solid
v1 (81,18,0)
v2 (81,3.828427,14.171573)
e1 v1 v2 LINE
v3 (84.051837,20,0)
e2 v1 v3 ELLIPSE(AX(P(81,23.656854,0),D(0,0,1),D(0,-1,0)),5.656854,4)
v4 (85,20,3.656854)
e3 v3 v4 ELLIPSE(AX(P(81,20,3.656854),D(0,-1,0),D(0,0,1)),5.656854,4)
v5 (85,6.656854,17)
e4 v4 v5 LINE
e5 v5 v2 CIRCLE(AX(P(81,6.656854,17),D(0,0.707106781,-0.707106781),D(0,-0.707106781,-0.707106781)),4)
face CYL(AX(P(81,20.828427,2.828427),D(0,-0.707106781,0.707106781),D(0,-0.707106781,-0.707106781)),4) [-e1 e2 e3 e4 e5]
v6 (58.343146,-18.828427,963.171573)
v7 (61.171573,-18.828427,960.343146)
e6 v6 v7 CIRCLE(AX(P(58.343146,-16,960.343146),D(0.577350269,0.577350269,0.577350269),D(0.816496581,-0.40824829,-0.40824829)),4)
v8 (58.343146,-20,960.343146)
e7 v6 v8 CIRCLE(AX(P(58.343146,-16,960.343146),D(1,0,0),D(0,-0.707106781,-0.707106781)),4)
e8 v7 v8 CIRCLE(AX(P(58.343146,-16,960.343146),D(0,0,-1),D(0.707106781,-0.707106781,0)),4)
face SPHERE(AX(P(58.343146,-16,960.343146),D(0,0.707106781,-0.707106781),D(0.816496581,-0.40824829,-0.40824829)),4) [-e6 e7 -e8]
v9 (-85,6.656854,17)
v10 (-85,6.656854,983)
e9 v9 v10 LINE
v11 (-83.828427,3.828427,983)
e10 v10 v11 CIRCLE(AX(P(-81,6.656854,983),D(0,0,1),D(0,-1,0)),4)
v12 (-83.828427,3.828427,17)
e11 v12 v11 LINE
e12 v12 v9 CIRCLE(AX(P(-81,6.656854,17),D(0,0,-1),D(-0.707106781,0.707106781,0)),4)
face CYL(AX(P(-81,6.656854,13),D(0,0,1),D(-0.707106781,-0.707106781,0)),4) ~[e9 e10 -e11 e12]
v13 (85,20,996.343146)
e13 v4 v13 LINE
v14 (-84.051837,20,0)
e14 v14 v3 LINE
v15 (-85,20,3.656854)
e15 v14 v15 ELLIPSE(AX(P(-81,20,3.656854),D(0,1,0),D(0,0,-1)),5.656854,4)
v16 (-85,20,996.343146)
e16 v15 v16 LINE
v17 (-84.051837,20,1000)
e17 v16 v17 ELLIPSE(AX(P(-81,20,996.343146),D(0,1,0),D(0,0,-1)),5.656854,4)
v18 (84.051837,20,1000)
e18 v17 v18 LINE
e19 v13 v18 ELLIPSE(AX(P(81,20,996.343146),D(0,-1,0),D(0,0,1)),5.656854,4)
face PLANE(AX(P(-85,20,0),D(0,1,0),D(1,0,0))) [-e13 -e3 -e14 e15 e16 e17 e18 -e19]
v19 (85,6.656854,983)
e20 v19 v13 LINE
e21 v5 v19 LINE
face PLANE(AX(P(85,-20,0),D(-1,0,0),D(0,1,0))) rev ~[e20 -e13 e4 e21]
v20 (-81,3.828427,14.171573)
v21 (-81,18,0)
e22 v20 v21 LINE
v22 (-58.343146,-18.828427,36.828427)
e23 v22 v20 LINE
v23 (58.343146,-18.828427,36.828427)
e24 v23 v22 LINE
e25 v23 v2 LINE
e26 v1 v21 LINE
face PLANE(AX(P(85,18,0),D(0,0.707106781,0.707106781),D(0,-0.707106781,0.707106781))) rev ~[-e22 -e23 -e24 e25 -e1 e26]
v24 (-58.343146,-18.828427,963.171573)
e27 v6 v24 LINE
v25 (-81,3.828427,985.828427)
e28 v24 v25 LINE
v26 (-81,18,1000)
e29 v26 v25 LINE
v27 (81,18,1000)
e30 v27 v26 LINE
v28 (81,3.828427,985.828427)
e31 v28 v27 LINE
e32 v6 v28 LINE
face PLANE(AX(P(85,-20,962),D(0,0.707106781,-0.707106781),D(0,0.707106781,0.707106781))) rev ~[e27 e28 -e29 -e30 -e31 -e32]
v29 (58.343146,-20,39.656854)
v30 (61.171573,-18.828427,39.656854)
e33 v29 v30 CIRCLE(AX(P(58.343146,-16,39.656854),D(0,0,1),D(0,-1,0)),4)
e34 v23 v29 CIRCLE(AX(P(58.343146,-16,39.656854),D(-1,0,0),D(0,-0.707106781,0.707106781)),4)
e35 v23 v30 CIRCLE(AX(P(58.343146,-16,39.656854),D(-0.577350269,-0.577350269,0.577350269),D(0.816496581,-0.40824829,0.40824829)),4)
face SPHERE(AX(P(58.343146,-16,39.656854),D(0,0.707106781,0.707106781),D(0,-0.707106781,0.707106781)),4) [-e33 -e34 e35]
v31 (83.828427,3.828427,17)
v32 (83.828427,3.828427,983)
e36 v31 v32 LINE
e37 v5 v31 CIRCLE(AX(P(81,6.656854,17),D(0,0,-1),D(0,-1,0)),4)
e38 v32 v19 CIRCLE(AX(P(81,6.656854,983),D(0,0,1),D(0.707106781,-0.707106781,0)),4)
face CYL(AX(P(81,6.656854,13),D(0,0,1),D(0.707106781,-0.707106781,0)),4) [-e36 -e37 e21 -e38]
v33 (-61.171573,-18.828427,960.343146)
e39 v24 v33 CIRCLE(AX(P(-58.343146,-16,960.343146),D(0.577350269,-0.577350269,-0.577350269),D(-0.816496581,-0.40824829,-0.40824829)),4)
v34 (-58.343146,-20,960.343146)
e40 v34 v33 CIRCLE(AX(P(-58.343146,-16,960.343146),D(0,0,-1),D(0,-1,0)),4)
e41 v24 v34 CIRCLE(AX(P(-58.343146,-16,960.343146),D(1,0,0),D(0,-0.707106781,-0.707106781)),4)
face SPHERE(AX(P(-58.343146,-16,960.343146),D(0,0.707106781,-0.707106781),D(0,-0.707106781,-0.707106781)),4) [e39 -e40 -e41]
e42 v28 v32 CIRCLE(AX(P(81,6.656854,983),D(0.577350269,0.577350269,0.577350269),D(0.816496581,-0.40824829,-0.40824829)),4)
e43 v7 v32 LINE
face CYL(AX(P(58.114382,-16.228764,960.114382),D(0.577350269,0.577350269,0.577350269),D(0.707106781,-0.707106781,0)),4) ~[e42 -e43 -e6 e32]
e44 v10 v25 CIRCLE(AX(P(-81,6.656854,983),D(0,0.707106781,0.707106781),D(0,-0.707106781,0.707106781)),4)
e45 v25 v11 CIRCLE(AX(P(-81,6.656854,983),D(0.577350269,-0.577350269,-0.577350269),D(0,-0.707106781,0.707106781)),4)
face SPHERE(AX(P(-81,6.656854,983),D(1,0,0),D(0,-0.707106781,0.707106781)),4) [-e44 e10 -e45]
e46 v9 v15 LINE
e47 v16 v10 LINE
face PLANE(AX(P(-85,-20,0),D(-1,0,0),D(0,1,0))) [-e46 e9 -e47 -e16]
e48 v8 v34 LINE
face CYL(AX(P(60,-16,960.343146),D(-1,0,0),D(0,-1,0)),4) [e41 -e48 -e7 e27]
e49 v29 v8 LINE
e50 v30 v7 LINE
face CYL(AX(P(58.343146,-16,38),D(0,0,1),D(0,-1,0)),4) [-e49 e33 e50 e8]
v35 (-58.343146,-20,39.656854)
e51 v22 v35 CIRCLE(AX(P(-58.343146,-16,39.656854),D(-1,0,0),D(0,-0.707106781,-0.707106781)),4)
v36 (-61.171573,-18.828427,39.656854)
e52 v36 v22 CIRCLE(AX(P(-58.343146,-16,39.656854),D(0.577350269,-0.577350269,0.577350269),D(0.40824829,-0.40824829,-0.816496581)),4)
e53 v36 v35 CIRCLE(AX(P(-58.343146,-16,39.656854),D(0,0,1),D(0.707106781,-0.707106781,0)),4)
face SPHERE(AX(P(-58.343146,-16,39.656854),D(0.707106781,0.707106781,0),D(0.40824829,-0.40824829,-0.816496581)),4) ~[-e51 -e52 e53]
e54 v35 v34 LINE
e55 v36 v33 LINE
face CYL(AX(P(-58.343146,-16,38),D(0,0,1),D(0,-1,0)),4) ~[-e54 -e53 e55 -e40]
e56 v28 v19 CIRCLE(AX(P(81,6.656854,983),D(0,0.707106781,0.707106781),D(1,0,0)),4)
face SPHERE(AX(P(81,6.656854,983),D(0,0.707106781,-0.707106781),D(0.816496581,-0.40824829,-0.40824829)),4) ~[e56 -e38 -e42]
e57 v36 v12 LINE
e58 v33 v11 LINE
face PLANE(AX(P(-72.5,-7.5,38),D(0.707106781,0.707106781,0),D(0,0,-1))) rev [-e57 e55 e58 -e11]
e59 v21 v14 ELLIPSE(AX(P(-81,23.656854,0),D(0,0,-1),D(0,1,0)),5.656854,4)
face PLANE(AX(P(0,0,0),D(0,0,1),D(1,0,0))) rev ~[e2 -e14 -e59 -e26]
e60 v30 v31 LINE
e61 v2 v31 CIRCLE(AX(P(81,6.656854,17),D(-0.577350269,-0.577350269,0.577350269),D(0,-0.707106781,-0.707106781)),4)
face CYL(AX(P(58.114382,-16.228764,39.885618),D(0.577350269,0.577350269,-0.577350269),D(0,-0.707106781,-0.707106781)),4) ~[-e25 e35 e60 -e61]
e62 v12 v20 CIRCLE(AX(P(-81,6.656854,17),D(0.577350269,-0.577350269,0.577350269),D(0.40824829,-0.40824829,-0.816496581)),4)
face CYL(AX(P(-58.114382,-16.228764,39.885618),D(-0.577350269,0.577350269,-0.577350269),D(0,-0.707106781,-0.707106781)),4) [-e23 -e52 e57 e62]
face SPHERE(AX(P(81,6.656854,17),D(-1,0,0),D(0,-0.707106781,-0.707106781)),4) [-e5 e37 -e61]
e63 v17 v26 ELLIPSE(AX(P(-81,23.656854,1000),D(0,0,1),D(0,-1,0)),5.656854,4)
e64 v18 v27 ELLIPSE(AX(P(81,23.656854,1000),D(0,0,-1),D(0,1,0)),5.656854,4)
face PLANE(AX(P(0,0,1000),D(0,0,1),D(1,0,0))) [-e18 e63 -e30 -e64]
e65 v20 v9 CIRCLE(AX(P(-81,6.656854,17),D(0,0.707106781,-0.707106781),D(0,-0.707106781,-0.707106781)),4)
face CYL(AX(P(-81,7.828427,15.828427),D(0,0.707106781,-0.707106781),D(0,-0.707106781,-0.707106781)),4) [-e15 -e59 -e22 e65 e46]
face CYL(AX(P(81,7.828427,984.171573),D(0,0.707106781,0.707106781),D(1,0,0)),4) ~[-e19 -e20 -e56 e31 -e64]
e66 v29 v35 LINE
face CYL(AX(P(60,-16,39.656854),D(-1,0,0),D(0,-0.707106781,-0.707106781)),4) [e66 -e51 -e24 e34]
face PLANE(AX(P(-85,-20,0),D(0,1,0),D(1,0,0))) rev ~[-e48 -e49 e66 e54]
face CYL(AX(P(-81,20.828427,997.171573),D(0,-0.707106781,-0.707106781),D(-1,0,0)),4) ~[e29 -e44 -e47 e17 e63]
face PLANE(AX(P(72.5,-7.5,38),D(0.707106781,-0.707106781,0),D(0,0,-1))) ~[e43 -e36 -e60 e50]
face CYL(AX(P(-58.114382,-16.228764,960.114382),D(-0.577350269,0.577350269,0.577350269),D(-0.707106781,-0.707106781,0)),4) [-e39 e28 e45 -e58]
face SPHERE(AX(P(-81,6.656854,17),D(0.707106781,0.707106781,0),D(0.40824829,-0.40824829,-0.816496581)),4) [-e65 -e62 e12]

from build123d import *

# Parameters (mm, degrees)
F0_W     = 170
F0_H     = 40
F1_DEPTH = 1000
F3_DEPTH = 170.001
F4_SIZE2 = 25
F4_SIZE  = 25
F5_SIZE2 = 25
F5_SIZE  = 25
F6_R     = 4


with BuildPart() as f1:
    # F0 (on Top) → F1 (new body)
    with BuildSketch(Plane.XY):
        Rectangle(F0_W, F0_H)
    extrude(amount=F1_DEPTH)

    # F2 (on face) → F3 (cut, through all)
    with BuildSketch(Plane.YZ.offset(85)):
        Polygon((-20, 0), (18, 0), (-20, 38), align=None)
        Polygon((-20, 962), (18, 1000), (-20, 1000), align=None)
    extrude(amount=-F3_DEPTH, mode=Mode.SUBTRACT)

    # F4
    f4_edges = [f1.edges().sort_by_distance(p)[0] for p in [
        (85, -20, 500),
    ]]
    chamfer(f4_edges, length=F4_SIZE, length2=F4_SIZE2)

    # F5
    f5_edges = [f1.edges().sort_by_distance(p)[0] for p in [
        (-85, -20, 500),
    ]]
    chamfer(f5_edges, length=F5_SIZE, length2=F5_SIZE2)

    # F6
    f6_edges = [f1.edges().sort_by_distance(p)[0] for p in [
        (60, -20, 500),
        (0, -20, 38),
        (72.5, -7.5, 25.5),
        (85, 11.5, 6.5),
        (85, 5, 500),
        (-85, 11.5, 6.5),
        (-72.5, -7.5, 25.5),
        (-60, -20, 500),
        (72.5, -7.5, 974.5),
        (0, -20, 962),
        (85, 11.5, 993.5),
        (-72.5, -7.5, 974.5),
        (-85, 11.5, 993.5),
        (-85, 5, 500),
    ]]
    fillet(f6_edges, radius=F6_R)


solid = f1.part
